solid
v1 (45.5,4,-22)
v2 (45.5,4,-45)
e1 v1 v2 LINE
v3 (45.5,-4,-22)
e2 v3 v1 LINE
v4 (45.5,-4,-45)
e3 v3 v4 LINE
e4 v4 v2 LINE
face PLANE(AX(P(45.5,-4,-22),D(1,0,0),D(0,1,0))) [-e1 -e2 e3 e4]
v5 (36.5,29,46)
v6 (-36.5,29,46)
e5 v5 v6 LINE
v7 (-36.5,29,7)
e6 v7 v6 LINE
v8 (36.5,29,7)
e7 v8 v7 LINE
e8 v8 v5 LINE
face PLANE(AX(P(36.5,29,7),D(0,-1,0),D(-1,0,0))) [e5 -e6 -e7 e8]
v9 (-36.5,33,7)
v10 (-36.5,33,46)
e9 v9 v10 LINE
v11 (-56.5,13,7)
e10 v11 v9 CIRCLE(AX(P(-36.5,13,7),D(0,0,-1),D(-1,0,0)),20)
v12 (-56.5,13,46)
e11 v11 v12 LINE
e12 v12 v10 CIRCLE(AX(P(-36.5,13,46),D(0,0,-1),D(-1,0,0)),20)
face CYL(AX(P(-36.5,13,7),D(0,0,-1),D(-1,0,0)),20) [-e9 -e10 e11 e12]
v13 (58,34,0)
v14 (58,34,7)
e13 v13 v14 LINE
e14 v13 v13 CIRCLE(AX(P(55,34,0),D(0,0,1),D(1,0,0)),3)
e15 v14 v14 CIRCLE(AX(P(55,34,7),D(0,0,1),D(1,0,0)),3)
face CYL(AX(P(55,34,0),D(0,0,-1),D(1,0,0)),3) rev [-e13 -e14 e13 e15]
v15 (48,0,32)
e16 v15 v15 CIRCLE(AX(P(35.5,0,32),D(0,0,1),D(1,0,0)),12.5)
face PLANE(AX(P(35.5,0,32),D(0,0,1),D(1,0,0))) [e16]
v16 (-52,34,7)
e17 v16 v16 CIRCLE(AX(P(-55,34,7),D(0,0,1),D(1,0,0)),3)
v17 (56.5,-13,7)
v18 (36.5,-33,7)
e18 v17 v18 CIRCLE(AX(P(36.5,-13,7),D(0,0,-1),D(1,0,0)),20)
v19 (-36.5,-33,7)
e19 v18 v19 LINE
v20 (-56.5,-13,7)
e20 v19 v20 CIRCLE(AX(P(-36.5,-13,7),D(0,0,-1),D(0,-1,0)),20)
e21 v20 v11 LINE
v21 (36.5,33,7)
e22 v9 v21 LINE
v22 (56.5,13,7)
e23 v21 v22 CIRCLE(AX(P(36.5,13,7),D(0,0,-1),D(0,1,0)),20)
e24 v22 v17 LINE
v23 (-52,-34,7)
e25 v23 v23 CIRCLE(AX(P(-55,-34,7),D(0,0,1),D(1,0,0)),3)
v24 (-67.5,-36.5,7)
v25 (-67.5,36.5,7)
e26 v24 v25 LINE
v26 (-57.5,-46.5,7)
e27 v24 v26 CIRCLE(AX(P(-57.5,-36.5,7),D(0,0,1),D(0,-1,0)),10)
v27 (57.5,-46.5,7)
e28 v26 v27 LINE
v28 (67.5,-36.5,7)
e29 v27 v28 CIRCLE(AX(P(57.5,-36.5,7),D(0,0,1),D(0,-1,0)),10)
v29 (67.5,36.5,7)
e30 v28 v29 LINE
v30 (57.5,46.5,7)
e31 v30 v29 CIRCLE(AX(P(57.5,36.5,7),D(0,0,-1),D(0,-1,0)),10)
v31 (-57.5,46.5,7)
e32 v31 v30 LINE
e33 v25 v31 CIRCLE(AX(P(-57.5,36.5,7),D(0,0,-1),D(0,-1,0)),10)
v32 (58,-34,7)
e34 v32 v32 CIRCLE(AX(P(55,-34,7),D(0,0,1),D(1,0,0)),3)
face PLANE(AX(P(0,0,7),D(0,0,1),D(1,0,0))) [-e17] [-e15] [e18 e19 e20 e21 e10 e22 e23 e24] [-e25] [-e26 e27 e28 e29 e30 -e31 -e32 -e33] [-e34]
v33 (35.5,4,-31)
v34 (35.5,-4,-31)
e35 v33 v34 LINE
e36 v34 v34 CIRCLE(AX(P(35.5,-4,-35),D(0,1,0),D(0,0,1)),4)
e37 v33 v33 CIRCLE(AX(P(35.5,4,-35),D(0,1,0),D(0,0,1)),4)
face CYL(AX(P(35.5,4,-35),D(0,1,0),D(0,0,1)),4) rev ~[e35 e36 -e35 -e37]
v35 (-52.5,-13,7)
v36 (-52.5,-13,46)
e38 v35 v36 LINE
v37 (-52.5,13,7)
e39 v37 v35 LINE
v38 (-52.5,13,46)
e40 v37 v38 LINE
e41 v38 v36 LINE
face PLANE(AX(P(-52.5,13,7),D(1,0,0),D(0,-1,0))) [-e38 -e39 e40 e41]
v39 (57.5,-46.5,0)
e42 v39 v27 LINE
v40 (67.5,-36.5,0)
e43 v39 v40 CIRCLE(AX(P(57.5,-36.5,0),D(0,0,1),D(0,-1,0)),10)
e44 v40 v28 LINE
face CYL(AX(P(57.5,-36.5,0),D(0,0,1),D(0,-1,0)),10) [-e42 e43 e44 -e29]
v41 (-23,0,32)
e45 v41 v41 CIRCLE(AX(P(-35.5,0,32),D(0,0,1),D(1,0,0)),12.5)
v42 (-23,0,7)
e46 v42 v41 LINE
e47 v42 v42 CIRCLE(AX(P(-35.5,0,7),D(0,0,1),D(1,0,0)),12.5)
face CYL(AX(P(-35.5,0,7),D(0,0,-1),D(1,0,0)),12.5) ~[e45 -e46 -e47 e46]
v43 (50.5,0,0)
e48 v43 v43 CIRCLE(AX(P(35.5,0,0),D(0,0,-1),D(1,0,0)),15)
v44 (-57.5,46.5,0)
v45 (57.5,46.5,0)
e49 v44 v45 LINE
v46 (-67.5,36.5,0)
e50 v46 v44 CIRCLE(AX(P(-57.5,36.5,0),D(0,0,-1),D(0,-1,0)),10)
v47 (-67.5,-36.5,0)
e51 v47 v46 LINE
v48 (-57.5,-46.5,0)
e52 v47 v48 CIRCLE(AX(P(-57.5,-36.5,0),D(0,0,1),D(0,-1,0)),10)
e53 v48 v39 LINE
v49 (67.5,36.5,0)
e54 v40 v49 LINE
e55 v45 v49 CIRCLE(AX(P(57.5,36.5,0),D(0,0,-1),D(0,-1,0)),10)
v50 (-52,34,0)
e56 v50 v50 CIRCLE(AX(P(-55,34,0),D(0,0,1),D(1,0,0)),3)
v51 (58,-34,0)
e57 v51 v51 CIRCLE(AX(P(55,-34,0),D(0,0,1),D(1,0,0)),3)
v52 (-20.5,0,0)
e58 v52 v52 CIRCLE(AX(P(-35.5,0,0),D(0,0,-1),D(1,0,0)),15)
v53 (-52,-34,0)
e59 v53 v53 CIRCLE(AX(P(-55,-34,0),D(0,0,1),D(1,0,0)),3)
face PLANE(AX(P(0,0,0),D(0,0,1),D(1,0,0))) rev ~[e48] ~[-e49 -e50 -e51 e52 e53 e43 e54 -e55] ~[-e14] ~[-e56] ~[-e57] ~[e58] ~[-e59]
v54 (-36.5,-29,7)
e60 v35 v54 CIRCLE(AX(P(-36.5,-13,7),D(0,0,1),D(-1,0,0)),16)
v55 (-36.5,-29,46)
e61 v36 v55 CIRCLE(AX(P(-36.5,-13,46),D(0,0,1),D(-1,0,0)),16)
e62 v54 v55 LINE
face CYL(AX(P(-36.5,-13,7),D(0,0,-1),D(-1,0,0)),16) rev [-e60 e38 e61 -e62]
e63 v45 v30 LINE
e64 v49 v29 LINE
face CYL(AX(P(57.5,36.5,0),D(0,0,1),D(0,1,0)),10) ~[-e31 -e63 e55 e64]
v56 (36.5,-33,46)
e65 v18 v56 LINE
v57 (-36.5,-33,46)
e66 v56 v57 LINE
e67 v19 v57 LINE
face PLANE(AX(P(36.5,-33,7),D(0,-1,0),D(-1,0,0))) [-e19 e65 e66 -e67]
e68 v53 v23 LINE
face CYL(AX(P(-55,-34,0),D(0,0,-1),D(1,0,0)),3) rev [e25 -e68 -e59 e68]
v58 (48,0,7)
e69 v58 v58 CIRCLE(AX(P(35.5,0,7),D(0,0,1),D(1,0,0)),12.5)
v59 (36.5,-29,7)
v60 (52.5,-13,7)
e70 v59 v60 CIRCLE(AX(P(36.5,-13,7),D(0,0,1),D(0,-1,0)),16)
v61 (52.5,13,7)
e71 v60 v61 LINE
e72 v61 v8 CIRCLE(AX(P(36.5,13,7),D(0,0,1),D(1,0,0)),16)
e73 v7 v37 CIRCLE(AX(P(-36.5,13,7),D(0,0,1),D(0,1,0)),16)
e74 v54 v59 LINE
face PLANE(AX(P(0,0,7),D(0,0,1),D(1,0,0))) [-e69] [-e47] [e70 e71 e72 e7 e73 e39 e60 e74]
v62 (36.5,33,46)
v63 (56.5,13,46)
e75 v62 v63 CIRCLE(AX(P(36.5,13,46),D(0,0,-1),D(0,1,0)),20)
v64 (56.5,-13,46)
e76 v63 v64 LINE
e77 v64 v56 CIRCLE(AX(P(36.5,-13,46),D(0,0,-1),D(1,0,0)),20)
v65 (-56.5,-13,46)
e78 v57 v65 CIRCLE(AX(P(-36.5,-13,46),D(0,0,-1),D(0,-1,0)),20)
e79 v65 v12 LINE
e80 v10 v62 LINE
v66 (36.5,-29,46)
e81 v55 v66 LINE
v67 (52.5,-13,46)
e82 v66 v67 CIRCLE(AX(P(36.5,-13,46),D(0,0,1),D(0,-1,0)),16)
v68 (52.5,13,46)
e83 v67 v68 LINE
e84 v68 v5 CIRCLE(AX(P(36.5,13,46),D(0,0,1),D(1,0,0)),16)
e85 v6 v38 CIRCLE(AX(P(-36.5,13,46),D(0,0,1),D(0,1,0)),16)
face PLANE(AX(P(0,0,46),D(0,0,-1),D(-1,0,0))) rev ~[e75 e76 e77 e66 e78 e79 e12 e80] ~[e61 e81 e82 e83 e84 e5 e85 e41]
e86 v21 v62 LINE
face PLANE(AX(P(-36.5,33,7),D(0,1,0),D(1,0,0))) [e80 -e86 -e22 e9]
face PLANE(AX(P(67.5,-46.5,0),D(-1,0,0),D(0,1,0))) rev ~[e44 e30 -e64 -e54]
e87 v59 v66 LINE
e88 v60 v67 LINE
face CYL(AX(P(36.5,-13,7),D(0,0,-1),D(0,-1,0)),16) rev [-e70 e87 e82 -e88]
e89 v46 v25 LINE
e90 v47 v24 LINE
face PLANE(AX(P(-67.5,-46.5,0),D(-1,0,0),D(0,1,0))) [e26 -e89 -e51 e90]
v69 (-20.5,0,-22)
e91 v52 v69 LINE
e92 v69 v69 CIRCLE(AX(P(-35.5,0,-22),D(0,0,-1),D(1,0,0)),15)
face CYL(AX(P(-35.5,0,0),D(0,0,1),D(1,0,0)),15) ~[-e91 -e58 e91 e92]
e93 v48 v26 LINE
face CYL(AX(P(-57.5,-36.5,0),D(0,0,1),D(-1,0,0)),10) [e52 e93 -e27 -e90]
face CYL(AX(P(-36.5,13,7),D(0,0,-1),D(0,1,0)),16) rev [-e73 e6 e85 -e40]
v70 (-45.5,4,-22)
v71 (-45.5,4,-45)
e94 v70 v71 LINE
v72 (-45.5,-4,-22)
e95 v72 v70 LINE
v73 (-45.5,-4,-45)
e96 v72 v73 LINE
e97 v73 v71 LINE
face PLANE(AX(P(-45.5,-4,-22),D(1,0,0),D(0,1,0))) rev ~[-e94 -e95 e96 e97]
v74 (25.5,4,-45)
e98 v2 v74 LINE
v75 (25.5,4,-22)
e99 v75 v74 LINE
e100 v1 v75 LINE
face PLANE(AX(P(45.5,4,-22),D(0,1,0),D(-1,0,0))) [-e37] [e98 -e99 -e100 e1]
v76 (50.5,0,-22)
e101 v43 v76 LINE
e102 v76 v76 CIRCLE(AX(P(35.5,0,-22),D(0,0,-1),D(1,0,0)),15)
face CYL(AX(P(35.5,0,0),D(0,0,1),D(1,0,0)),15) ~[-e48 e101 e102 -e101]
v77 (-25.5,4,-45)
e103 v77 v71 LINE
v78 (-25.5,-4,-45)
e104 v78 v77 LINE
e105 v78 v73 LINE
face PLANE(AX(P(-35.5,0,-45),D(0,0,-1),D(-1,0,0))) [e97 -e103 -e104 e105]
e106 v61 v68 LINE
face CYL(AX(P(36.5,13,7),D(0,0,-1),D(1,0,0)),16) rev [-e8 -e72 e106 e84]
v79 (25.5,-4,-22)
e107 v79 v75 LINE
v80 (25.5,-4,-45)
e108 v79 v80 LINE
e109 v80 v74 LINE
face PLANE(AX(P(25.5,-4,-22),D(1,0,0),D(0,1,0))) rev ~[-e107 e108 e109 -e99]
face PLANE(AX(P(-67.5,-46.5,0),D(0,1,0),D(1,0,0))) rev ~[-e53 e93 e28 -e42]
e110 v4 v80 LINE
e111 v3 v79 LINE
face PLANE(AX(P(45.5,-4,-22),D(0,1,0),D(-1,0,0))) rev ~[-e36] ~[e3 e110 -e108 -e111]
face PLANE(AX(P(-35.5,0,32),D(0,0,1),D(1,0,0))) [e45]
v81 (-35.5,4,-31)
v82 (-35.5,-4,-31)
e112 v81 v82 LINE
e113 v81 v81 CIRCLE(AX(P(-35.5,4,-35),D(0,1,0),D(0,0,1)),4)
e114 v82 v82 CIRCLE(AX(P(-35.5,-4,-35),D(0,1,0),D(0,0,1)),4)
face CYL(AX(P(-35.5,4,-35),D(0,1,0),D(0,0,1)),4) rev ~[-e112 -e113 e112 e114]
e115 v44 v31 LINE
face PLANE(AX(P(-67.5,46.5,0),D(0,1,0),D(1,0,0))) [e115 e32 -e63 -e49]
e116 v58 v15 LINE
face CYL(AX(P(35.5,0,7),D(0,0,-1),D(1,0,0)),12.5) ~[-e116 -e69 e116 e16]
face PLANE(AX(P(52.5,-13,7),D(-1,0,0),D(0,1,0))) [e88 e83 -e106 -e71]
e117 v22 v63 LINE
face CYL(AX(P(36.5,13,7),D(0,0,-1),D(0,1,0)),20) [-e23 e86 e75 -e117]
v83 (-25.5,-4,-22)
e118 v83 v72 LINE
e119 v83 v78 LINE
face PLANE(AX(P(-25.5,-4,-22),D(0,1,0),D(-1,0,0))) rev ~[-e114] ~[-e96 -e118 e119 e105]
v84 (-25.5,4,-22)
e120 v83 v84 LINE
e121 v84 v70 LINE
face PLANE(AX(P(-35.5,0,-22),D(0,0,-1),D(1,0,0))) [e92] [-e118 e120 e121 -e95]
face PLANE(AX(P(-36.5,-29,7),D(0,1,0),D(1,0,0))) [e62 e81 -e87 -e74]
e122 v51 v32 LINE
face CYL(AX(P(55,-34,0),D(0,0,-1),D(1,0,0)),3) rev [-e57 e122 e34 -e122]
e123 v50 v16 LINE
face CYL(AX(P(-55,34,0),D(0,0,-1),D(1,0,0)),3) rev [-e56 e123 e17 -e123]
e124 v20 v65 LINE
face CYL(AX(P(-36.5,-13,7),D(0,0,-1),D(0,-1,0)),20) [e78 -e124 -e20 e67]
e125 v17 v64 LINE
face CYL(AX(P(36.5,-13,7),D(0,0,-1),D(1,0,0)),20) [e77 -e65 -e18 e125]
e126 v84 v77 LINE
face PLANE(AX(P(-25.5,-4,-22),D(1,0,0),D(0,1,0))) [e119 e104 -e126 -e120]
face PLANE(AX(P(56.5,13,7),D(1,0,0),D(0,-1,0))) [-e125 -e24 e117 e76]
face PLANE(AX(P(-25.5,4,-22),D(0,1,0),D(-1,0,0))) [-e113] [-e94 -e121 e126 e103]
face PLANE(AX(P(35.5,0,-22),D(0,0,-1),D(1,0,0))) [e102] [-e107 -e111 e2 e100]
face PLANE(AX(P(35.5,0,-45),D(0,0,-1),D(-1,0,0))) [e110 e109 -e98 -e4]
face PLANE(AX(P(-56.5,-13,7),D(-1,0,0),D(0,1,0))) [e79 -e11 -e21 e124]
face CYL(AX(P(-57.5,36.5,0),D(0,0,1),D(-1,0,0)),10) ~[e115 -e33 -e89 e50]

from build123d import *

# Parameters (mm, degrees)
SKETCH1_W           = 135
SKETCH1_H           = 93
SKETCH1_R           = 3
BOSS_EXTRUDE1_DEPTH = 7
BOSS_EXTRUDE2_DEPTH = 39
FILLET1_R           = 10
SKETCH3_R           = 15
BOSS_EXTRUDE3_DEPTH = 22
SKETCH5_W           = 20
SKETCH5_H           = 8
BOSS_EXTRUDE4_DEPTH = 23
SKETCH6_R           = 4
CUT_EXTRUDE1_DEPTH  = 97.033848199
SKETCH7_R           = 12.5
BOSS_EXTRUDE5_DEPTH = 25


with BuildPart() as part:
    # Sketch1 → Boss-Extrude1 (new body)
    with BuildSketch(Plane.XY):
        Rectangle(SKETCH1_W, SKETCH1_H)
        with Locations((-55, 34)):
            Circle(SKETCH1_R, mode=Mode.SUBTRACT)
        with Locations((55, 34)):
            Circle(SKETCH1_R, mode=Mode.SUBTRACT)
        with Locations((55, -34)):
            Circle(SKETCH1_R, mode=Mode.SUBTRACT)
        with Locations((-55, -34)):
            Circle(SKETCH1_R, mode=Mode.SUBTRACT)
    extrude(amount=BOSS_EXTRUDE1_DEPTH)

    # Sketch2 → Boss-Extrude2 (add)
    with BuildSketch(Plane.XY.offset(7)):
        with BuildLine():
            Line((-36.5, 33), (36.5, 33))
            ThreePointArc((36.5, 33), (50.642135624, 27.142135624), (56.5, 13))
            Line((56.5, 13), (56.5, -13))
            ThreePointArc((56.5, -13), (50.642135624, -27.142135624), (36.5, -33))
            Line((36.5, -33), (-36.5, -33))
            ThreePointArc((-36.5, -33), (-50.642135624, -27.142135624), (-56.5, -13))
            Line((-56.5, -13), (-56.5, 13))
            ThreePointArc((-56.5, 13), (-50.642135624, 27.142135624), (-36.5, 33))
        make_face()
        with BuildLine():
            Line((-52.5, 13), (-52.5, -13))
            ThreePointArc((-52.5, -13), (-47.813708499, -24.313708499), (-36.5, -29))
            Line((-36.5, -29), (36.5, -29))
            ThreePointArc((36.5, -29), (47.813708499, -24.313708499), (52.5, -13))
            Line((52.5, -13), (52.5, 13))
            ThreePointArc((52.5, 13), (47.813708499, 24.313708499), (36.5, 29))
            Line((36.5, 29), (-36.5, 29))
            ThreePointArc((-36.5, 29), (-47.813708499, 24.313708499), (-52.5, 13))
        make_face(mode=Mode.SUBTRACT)
    extrude(amount=BOSS_EXTRUDE2_DEPTH)

    # Fillet1
    fillet1_edges = [part.edges().sort_by_distance(p)[0] for p in [
        (-67.5, -46.5, 3.5),
        (-67.5, 46.5, 3.5),
        (67.5, 46.5, 3.5),
        (67.5, -46.5, 3.5),
    ]]
    fillet(fillet1_edges, radius=FILLET1_R)

    # Sketch3 → Boss-Extrude3 (add)
    with BuildSketch(Plane(origin=(0, 0, 0), x_dir=(-1, 0, 0), z_dir=(0, 0, -1))):
        with Locations(Location((-35.5, 0, 0), (0, 0, 180))):
            Circle(SKETCH3_R)
        with Locations(Location((35.5, 0, 0), (0, 0, 180))):
            Circle(SKETCH3_R)
    extrude(amount=BOSS_EXTRUDE3_DEPTH)

    # Sketch5 → Boss-Extrude4 (add)
    with BuildSketch(Plane(origin=(0, 0, -22), x_dir=(-1, 0, 0), z_dir=(0, 0, -1))):
        with Locations((-35.5, 0)):
            Rectangle(SKETCH5_W, SKETCH5_H)
        with Locations((35.5, 0)):
            Rectangle(SKETCH5_W, SKETCH5_H)
    extrude(amount=BOSS_EXTRUDE4_DEPTH)

    # Sketch6 → Cut-Extrude1 (cut, through all)
    with BuildSketch(Plane(origin=(0, 4, 0), x_dir=(1, 0, 0), z_dir=(0, 1, 0))):
        with Locations(Location((35.5, 35, 0), (0, 0, 270))):
            Circle(SKETCH6_R)
        with Locations(Location((-35.5, 35, 0), (0, 0, 270))):
            Circle(SKETCH6_R)
    extrude(amount=-CUT_EXTRUDE1_DEPTH, mode=Mode.SUBTRACT)

    # Sketch7 → Boss-Extrude5 (add)
    with BuildSketch(Plane.XY.offset(7)):
        with Locations((-35.5, 0)):
            Circle(SKETCH7_R)
        with Locations((35.5, 0)):
            Circle(SKETCH7_R)
    extrude(amount=BOSS_EXTRUDE5_DEPTH)


solid = part.part
